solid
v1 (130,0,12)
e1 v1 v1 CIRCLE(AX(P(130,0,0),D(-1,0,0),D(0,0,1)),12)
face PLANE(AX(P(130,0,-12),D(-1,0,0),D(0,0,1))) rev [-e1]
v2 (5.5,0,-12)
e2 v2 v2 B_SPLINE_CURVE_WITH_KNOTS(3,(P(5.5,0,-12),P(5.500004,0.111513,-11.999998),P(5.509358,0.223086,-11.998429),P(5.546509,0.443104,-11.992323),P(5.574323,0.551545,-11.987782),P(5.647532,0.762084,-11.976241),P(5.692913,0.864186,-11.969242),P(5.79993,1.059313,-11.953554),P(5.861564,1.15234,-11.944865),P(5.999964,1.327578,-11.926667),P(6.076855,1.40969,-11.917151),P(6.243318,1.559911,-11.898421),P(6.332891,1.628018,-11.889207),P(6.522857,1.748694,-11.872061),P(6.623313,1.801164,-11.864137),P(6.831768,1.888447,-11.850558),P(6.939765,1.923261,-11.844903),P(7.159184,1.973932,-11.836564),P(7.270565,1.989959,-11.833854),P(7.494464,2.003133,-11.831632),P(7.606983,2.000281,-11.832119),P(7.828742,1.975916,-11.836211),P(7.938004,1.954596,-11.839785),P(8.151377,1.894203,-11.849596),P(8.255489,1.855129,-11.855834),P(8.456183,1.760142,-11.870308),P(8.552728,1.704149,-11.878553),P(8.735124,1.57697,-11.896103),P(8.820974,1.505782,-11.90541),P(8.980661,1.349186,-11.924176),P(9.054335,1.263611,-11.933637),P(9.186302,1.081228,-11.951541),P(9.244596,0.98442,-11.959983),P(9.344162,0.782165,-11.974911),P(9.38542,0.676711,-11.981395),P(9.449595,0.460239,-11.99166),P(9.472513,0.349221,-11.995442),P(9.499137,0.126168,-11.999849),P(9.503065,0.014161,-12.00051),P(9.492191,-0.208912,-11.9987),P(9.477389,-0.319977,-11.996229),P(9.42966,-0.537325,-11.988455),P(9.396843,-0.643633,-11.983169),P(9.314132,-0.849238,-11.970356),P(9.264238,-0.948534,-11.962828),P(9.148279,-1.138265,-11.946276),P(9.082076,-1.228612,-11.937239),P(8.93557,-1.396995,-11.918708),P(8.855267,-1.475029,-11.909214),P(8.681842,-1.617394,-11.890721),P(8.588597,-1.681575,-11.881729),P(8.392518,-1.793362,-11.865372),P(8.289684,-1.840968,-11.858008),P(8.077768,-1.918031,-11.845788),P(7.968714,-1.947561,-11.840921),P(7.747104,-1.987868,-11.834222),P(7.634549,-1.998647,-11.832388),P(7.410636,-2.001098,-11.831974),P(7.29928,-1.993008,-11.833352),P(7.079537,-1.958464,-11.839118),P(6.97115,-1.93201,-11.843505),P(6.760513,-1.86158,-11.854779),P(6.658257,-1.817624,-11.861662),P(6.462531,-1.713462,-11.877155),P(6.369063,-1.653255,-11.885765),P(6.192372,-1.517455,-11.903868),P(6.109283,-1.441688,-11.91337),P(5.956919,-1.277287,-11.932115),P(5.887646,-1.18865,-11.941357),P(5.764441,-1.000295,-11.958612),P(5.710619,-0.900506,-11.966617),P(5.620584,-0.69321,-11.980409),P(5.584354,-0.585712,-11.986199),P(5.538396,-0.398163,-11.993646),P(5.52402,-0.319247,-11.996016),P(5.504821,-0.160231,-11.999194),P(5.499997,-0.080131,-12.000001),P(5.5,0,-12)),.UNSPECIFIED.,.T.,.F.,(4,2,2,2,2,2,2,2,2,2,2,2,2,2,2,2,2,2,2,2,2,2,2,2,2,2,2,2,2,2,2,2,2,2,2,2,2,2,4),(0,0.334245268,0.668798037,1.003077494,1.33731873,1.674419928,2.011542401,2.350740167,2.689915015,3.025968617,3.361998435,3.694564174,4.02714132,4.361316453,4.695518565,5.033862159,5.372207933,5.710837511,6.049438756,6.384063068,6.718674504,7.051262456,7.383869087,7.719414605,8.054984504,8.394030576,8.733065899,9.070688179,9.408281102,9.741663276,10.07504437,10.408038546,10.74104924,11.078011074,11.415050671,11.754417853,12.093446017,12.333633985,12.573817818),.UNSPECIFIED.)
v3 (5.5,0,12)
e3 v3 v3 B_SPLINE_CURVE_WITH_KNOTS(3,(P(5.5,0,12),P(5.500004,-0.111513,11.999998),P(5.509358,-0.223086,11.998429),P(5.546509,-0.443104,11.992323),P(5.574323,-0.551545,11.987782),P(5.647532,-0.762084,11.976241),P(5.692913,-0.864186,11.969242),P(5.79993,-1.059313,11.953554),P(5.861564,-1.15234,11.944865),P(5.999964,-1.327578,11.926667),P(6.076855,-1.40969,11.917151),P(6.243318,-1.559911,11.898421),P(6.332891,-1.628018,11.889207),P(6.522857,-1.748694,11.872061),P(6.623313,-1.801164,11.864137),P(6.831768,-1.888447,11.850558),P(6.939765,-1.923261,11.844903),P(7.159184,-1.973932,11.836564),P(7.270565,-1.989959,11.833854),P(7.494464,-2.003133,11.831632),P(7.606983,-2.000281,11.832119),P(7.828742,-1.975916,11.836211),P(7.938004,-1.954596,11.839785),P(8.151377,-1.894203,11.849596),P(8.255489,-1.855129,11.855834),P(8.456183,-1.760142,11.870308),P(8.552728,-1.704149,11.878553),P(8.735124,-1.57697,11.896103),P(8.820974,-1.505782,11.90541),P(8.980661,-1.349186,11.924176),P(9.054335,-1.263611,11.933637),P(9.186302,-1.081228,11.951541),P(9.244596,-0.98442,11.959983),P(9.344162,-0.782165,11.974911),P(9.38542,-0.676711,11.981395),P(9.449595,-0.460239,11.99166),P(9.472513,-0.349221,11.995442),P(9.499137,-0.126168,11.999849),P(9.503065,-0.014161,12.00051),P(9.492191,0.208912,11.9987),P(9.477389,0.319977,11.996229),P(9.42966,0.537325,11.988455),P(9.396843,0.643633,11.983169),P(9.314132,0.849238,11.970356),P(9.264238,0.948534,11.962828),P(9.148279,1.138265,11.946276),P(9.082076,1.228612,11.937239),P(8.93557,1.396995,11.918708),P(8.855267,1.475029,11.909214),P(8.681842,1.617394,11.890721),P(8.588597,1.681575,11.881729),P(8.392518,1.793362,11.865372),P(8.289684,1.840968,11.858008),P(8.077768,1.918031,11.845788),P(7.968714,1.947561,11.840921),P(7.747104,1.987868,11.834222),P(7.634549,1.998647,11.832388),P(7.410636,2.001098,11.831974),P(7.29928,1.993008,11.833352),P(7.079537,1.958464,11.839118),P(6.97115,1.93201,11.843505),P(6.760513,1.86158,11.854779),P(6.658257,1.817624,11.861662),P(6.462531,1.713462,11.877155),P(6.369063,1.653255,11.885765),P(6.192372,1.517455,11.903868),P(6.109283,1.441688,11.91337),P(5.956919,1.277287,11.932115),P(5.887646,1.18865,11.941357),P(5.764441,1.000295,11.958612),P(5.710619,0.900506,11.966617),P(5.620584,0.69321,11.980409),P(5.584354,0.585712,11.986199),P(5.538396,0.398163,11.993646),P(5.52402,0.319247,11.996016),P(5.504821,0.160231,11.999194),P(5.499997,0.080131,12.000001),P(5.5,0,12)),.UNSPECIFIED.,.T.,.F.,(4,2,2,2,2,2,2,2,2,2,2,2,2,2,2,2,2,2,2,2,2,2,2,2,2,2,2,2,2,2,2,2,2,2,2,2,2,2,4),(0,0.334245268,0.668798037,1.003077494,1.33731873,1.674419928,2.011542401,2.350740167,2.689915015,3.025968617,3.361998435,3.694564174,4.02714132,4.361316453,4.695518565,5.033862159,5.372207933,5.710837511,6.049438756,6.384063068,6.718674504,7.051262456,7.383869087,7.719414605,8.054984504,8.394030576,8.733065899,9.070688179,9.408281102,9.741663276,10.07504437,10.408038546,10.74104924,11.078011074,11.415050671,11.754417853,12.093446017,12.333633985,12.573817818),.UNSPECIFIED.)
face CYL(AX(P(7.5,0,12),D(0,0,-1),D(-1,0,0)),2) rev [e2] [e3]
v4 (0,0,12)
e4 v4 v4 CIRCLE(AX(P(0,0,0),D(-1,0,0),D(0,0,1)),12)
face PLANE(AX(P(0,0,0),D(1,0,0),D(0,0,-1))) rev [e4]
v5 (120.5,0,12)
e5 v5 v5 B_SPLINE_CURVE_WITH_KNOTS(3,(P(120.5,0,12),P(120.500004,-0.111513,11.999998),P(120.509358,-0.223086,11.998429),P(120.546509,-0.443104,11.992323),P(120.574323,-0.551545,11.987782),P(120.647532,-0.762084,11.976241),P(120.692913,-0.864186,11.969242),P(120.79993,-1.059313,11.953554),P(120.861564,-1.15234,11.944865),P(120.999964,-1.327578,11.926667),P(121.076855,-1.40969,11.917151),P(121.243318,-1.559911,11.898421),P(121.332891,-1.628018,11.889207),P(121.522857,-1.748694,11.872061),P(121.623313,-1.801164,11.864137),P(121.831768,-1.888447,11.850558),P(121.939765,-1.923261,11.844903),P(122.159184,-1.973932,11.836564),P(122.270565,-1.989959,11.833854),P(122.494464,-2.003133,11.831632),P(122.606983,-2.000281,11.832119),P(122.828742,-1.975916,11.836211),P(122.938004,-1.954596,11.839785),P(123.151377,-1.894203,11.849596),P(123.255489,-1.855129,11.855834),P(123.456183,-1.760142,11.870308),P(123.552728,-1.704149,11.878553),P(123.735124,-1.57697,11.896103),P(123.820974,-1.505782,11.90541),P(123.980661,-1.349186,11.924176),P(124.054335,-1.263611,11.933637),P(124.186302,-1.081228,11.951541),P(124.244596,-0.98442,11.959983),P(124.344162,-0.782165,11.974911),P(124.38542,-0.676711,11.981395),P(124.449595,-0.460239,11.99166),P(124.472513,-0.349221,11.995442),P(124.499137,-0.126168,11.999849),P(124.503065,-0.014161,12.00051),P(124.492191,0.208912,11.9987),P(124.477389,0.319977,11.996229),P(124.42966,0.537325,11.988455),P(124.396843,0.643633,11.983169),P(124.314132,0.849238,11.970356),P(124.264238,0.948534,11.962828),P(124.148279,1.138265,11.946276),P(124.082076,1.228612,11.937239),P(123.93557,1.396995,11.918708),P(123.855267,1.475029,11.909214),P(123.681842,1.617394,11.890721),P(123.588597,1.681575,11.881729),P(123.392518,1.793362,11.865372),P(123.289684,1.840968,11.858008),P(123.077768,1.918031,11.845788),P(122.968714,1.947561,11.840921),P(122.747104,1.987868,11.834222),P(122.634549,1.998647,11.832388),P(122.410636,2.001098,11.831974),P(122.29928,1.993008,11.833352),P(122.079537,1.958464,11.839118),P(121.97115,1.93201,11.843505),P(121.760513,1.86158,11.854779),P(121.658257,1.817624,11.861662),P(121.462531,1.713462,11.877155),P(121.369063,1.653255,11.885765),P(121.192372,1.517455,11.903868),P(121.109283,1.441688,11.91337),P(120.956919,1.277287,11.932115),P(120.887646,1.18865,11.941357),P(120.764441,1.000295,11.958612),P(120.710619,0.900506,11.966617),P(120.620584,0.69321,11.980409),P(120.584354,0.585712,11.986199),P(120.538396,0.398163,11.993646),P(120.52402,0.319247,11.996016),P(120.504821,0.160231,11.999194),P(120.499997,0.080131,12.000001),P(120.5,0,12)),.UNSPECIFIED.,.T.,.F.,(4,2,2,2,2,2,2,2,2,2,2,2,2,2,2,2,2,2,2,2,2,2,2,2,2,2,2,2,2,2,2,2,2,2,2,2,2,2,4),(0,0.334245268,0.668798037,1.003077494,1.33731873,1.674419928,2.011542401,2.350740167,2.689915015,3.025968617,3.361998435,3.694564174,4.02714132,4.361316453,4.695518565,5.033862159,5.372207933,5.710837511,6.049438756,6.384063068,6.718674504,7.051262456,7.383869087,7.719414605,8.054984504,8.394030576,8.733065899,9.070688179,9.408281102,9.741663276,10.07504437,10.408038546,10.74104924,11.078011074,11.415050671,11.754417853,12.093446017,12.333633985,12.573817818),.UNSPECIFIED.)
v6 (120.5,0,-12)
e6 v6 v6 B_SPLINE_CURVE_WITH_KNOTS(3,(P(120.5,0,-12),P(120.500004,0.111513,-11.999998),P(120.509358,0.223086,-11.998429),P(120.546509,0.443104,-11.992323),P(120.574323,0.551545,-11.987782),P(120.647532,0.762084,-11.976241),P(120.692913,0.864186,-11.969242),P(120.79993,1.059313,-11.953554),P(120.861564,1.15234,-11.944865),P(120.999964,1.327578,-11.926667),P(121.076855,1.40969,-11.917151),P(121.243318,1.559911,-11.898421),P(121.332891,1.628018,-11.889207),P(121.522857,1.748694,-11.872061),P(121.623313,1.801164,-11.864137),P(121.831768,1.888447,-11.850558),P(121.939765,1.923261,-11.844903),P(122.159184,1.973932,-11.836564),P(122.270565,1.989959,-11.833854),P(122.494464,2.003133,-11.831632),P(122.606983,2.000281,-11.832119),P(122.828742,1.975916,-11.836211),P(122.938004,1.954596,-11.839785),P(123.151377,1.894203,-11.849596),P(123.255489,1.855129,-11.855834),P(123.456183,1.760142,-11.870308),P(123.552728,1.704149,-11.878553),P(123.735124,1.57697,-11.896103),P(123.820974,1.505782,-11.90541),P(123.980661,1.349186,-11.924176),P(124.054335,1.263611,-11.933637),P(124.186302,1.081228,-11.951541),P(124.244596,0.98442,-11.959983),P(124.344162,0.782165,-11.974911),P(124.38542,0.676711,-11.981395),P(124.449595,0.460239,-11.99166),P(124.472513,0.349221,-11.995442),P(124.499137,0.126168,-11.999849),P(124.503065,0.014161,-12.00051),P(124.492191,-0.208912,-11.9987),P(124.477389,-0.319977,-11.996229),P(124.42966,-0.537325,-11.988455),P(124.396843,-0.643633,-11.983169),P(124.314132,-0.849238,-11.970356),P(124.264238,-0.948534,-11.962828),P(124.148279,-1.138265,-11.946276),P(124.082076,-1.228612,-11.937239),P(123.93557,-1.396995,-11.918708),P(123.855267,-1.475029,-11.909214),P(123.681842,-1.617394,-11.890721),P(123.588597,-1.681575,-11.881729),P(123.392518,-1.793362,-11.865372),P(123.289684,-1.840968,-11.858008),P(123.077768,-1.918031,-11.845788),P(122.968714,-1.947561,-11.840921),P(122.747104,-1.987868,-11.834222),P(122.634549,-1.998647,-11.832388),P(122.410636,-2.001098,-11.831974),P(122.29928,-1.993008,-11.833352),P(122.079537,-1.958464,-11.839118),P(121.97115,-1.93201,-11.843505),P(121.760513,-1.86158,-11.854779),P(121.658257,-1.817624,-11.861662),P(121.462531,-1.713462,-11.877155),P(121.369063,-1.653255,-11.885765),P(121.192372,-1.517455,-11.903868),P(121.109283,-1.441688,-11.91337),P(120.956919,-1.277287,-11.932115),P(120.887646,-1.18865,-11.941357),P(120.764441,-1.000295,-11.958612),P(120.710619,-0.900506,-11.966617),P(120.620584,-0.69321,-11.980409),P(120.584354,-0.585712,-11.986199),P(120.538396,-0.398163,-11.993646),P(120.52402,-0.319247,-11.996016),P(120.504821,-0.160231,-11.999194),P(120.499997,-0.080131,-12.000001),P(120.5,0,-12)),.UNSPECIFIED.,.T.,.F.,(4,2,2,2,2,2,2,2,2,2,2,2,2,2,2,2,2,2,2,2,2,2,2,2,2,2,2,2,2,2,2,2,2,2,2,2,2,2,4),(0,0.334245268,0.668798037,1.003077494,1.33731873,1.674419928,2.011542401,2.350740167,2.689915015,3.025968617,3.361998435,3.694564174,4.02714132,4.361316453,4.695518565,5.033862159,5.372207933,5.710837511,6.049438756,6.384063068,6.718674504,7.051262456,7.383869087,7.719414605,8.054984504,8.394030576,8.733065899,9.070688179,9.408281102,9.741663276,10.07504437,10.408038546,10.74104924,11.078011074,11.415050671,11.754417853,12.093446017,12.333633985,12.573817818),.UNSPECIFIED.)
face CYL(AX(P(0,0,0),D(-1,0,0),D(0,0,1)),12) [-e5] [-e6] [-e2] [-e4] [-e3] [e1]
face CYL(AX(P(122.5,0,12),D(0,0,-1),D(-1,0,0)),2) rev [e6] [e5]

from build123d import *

# Parameters (mm, degrees)
SKETCH1_W               = 130
SKETCH1_H               = 12
CUT_EXTRUDE4_DEPTH      = 12
CUT_EXTRUDE4_DEPTH_BACK = 12
SKETCH2_R               = 2


with BuildPart() as part:
    # Sketch1 → Revolve1 (revolve)
    with BuildSketch(Plane(origin=(0, 0, 0), x_dir=(1, 0, 0), z_dir=(0, 1, 0))):
        with Locations((65, 6)):
            Rectangle(SKETCH1_W, SKETCH1_H)
    revolve(axis=Axis((0, 0, 0), (1, 0, 0)))

    # Sketch2 → Cut-Extrude4 (cut, two sides: drawn at the far end of the back side and taken through both)
    with BuildSketch(Plane.XY.offset(-CUT_EXTRUDE4_DEPTH_BACK)):
        with Locations((7.5, 0)):
            Circle(SKETCH2_R)
        with Locations((122.5, 0)):
            Circle(SKETCH2_R)
    extrude(amount=CUT_EXTRUDE4_DEPTH + CUT_EXTRUDE4_DEPTH_BACK, mode=Mode.SUBTRACT)


solid = part.part
